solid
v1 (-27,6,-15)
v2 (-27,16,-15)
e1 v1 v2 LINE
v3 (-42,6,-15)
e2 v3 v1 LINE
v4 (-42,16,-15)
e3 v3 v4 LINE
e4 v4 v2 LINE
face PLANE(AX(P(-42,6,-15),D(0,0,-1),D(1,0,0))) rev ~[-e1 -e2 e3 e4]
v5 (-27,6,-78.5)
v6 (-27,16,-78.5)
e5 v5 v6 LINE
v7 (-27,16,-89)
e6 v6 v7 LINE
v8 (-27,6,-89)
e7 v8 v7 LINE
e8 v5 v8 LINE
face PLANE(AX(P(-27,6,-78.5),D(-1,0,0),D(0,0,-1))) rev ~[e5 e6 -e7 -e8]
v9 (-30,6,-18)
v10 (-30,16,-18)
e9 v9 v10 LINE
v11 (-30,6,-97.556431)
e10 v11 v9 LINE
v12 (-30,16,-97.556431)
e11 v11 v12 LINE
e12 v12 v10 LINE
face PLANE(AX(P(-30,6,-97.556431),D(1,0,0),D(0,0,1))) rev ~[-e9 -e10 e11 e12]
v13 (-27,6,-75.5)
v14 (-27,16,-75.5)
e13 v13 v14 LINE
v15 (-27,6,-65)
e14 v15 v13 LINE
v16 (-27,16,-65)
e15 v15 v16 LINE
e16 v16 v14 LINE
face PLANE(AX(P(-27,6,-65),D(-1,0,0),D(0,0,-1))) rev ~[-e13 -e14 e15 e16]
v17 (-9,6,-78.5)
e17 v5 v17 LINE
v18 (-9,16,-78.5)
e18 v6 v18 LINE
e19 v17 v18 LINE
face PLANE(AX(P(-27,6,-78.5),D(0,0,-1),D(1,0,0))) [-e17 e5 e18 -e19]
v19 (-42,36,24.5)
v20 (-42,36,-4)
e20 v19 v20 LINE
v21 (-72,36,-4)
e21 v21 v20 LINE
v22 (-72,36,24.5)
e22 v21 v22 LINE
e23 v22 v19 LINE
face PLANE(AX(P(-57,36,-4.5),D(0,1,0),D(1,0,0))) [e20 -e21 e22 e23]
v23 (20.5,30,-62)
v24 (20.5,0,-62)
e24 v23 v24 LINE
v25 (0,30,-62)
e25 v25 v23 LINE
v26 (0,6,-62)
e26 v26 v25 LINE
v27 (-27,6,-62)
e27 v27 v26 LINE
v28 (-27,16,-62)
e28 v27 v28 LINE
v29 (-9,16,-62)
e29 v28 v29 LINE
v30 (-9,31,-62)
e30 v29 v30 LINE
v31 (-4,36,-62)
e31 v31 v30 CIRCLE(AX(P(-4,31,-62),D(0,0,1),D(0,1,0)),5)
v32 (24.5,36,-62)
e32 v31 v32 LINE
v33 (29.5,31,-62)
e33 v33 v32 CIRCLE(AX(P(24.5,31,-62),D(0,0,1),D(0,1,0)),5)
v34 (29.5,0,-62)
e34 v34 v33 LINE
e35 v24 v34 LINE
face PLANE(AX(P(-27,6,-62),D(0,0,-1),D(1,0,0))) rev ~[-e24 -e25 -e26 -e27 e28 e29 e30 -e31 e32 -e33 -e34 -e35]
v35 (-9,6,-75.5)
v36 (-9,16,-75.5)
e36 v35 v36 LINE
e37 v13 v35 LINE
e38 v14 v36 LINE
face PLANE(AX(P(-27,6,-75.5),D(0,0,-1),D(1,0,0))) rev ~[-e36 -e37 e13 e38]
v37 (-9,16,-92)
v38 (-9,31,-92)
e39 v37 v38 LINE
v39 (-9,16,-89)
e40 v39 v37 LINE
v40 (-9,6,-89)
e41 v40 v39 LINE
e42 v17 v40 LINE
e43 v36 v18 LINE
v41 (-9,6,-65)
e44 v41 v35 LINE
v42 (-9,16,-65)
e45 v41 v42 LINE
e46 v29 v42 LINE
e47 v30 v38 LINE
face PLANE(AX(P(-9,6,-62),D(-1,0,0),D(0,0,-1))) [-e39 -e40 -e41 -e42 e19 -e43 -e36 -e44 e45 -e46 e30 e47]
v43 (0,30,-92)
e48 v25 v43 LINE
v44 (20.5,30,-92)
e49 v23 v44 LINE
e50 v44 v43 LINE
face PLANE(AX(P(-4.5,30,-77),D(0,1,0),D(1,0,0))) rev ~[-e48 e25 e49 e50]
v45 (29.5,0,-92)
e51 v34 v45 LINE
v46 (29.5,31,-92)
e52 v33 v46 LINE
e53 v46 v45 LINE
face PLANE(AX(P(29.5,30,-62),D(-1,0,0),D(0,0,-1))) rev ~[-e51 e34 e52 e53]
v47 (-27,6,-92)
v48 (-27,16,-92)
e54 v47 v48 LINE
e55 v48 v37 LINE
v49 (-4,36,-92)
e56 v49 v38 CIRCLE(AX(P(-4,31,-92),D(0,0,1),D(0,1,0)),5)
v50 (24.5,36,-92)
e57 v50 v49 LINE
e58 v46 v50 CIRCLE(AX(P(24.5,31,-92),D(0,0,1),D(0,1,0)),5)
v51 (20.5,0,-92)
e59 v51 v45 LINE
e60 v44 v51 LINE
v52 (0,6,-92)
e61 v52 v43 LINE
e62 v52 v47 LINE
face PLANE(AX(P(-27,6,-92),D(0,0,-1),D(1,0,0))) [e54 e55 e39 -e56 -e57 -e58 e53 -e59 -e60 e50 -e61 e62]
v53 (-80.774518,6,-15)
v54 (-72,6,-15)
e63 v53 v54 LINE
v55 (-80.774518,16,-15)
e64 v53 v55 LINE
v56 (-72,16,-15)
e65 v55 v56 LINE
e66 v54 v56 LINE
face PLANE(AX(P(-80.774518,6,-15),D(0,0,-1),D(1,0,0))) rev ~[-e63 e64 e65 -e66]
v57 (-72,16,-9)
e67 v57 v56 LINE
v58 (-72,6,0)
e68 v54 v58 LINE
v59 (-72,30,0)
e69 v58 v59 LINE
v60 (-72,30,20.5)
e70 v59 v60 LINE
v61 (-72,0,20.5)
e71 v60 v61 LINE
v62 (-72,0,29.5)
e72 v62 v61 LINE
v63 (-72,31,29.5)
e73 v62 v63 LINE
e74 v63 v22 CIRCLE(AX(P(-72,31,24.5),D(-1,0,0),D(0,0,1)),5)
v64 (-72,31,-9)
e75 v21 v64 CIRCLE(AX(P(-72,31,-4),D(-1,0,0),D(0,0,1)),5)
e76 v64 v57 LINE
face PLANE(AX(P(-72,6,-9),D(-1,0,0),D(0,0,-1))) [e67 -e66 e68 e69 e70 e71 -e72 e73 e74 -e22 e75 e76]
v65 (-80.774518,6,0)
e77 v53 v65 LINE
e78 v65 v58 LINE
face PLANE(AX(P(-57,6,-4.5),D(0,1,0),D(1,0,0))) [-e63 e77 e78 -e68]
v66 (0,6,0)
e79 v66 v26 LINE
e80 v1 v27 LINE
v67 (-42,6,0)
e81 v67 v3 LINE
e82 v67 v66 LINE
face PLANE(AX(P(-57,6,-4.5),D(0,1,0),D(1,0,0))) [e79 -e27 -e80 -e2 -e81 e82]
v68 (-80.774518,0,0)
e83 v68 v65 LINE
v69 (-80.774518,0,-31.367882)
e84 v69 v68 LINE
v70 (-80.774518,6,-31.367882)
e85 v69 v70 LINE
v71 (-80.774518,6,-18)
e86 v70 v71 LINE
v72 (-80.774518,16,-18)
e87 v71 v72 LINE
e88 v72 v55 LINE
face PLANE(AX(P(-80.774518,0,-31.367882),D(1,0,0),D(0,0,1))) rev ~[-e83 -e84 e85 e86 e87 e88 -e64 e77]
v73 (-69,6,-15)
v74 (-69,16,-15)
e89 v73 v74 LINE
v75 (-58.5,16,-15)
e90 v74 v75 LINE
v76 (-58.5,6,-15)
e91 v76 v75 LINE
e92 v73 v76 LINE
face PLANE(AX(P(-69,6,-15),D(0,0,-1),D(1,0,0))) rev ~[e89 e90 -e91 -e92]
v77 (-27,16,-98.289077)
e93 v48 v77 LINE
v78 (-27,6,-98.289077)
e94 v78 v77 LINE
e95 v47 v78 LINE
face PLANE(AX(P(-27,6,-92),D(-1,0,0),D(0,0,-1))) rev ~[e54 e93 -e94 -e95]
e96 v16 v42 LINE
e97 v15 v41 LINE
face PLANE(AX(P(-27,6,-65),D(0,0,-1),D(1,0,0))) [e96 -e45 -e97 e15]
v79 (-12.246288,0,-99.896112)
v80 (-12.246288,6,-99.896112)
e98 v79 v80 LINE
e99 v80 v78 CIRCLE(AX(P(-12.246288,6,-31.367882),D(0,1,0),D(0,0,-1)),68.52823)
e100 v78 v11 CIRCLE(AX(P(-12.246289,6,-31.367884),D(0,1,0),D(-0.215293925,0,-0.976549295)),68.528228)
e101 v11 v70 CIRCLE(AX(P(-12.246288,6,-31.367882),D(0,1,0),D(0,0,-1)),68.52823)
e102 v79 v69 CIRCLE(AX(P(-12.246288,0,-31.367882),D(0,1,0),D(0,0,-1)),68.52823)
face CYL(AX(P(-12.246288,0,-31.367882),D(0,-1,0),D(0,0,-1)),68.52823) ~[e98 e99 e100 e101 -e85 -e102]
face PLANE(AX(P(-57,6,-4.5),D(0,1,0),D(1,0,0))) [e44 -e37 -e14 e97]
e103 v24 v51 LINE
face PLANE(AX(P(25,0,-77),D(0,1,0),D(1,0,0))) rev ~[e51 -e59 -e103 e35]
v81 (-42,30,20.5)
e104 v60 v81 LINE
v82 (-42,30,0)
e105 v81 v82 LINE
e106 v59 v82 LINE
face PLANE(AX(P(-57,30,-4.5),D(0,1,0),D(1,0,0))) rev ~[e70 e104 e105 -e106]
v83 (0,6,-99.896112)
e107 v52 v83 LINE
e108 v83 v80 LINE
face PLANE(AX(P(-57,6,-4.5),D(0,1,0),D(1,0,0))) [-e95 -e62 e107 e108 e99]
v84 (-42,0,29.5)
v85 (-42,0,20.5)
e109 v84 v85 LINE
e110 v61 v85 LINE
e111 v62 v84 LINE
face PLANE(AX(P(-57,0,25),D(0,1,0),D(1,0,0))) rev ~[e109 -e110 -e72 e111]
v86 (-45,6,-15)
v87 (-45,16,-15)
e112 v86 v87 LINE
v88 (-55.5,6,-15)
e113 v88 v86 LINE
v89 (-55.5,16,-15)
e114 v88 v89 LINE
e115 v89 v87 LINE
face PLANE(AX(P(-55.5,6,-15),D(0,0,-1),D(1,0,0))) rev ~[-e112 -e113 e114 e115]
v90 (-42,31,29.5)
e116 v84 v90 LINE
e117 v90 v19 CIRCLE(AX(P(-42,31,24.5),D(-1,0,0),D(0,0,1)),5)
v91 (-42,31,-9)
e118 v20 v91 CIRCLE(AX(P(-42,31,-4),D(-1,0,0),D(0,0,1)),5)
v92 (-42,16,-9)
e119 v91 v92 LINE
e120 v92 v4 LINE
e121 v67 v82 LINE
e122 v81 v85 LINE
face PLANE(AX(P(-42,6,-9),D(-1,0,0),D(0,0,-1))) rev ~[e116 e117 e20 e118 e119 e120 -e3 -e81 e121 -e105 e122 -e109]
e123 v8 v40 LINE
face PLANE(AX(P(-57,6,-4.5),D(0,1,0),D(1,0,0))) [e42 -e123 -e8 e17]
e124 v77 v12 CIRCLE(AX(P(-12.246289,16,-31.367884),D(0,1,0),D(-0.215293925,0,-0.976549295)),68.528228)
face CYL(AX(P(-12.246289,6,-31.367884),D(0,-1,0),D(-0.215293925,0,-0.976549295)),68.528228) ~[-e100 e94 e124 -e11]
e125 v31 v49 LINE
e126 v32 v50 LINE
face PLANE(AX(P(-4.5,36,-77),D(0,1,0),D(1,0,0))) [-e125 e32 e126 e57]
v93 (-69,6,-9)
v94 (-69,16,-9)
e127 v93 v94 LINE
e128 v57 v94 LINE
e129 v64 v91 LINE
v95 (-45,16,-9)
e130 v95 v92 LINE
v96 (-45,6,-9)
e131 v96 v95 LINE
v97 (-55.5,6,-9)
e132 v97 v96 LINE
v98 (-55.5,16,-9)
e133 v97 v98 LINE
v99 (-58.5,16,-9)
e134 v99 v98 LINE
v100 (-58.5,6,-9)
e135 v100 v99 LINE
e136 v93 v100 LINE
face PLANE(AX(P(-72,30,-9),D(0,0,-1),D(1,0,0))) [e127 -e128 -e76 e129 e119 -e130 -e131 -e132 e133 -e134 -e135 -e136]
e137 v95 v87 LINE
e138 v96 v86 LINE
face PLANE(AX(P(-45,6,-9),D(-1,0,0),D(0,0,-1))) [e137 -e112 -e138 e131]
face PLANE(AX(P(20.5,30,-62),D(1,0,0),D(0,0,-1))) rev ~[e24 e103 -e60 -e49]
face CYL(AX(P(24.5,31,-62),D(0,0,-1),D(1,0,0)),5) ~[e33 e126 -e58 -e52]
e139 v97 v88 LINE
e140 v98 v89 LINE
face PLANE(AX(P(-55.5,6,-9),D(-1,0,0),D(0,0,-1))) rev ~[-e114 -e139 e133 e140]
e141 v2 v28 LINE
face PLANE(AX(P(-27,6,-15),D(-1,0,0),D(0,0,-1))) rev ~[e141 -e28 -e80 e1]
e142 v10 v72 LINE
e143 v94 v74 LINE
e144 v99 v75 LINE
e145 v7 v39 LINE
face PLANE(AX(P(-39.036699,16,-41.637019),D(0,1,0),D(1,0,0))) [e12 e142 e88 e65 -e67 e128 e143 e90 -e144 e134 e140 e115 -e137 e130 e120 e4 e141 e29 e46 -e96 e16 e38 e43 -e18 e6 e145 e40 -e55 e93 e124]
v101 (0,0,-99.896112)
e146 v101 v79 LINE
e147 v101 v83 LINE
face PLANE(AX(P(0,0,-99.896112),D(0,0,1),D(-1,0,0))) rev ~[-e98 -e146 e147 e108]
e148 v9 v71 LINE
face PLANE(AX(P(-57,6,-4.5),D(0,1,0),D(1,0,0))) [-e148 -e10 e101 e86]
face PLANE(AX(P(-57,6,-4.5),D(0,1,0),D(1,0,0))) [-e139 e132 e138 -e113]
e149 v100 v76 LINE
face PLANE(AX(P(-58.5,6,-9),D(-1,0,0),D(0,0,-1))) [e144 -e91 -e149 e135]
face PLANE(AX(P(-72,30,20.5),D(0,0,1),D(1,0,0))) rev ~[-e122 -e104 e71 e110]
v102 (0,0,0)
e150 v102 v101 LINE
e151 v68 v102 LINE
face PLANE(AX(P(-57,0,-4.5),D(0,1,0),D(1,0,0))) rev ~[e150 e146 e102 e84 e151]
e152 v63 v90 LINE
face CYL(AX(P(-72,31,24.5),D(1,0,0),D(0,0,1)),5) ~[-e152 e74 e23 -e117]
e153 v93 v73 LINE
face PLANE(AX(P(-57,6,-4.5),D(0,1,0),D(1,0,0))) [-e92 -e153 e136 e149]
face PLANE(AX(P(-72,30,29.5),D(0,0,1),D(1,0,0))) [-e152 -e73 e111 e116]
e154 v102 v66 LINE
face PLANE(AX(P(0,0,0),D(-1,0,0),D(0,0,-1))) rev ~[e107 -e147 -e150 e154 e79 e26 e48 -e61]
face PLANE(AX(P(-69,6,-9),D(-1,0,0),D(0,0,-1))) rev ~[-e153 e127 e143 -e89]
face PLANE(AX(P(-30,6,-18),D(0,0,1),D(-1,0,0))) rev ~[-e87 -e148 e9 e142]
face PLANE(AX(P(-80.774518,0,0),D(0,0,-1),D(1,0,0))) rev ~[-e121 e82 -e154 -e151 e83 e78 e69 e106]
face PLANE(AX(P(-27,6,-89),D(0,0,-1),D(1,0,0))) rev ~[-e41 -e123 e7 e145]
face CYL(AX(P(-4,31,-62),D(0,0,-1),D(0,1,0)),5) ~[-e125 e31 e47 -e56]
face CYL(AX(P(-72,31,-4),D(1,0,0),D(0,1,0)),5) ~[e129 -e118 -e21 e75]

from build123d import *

# Parameters (mm, degrees)
SKETCH1_W           = 30
SKETCH1_H           = 9
SKETCH1_W_2         = 9
SKETCH1_H_2         = 30
BOSS_EXTRUDE1_DEPTH = 6
BOSS_EXTRUDE2_START = 6
SKETCH1_3_W         = 30
SKETCH1_3_H         = 9
SKETCH1_3_W_2       = 9
SKETCH1_3_H_2       = 30
BOSS_EXTRUDE2_DEPTH = 24
BOSS_EXTRUDE3_START = 30
SKETCH1_4_W         = 30
SKETCH1_4_H         = 9
SKETCH1_4_H_2       = 20.5
SKETCH1_4_W_2       = 9
SKETCH1_4_H_3       = 30
SKETCH1_4_W_3       = 20.5
BOSS_EXTRUDE3_DEPTH = 6
BOSS_EXTRUDE4_START = 30
SKETCH1_5_W         = 30
SKETCH1_5_H         = 9
SKETCH1_5_W_2       = 9
SKETCH1_5_H_2       = 30
BOSS_EXTRUDE4_DEPTH = 30
SKETCH2_W           = 3
SKETCH2_H           = 6
SKETCH2_W_2         = 18
SKETCH2_H_2         = 3
BOSS_EXTRUDE5_DEPTH = 10
FILLET1_R           = 5


with BuildPart() as part:
    # Sketch1 → Boss-Extrude1 (new body)
    with BuildSketch(Plane(origin=(0, 0, 0), x_dir=(1, 0, 0), z_dir=(0, 1, 0))):
        with Locations((-57, 4.5)):
            Rectangle(SKETCH1_W, SKETCH1_H)
        with Locations((-4.5, 77)):
            Rectangle(SKETCH1_W_2, SKETCH1_H_2)
        with BuildLine():
            Line((0, 99.896112213), (-12.24628833, 99.896112213))
            ThreePointArc((-12.24628833, 99.896112213), (-60.703064532, 79.824658322), (-80.774518424, 31.36788212))
            Line((-80.774518424, 31.36788212), (-80.774518424, 0))
            Line((-80.774518424, 0), (-72, 0))
            Line((-72, 0), (-72, 9))
            Line((-72, 9), (-42, 9))
            Line((-42, 9), (-42, 0))
            Line((-42, 0), (0, 0))
            Line((0, 0), (0, 62))
            Line((0, 62), (-9, 62))
            Line((-9, 62), (-9, 92))
            Line((-9, 92), (0, 92))
            Line((0, 92), (0, 99.896112213))
        make_face()
    extrude(amount=BOSS_EXTRUDE1_DEPTH)

    # Sketch1<3> → Boss-Extrude2 (add)
    with BuildSketch(Plane(origin=(0, 0, 0), x_dir=(1, 0, 0), z_dir=(0, 1, 0)).offset(BOSS_EXTRUDE2_START)):
        with Locations((-57, 4.5)):
            Rectangle(SKETCH1_3_W, SKETCH1_3_H)
        with Locations((-4.5, 77)):
            Rectangle(SKETCH1_3_W_2, SKETCH1_3_H_2)
    extrude(amount=BOSS_EXTRUDE2_DEPTH)

    # Sketch1<4> → Boss-Extrude3 (add)
    with BuildSketch(Plane(origin=(0, 0, 0), x_dir=(1, 0, 0), z_dir=(0, 1, 0)).offset(BOSS_EXTRUDE3_START)):
        with Locations((-57, 4.5)):
            Rectangle(SKETCH1_4_W, SKETCH1_4_H)
        with Locations((-57, -10.25)):
            Rectangle(SKETCH1_4_W, SKETCH1_4_H_2)
        with Locations((-57, -25)):
            Rectangle(SKETCH1_4_W, SKETCH1_4_H)
        with Locations((-4.5, 77)):
            Rectangle(SKETCH1_4_W_2, SKETCH1_4_H_3)
        with Locations((10.25, 77)):
            Rectangle(SKETCH1_4_W_3, SKETCH1_4_H_3)
        with Locations((25, 77)):
            Rectangle(SKETCH1_4_W_2, SKETCH1_4_H_3)
    extrude(amount=BOSS_EXTRUDE3_DEPTH)

    # Sketch1<5> → Boss-Extrude4 (add)
    with BuildSketch(Plane(origin=(0, 0, 0), x_dir=(1, 0, 0), z_dir=(0, 1, 0)).offset(BOSS_EXTRUDE4_START)):
        with Locations((-57, -25)):
            Rectangle(SKETCH1_5_W, SKETCH1_5_H)
        with Locations((25, 77)):
            Rectangle(SKETCH1_5_W_2, SKETCH1_5_H_2)
    extrude(amount=-BOSS_EXTRUDE4_DEPTH)

    # Sketch2 → Boss-Extrude5 (add)
    with BuildSketch(Plane(origin=(0, 6, 0), x_dir=(1, 0, 0), z_dir=(0, 1, 0))):
        with BuildLine():
            Line((-27, 89), (-27, 92))
            Line((-27, 92), (-27, 98.289076907))
            ThreePointArc((-27, 98.289076907), (-28.50412753, 97.9396553), (-30, 97.556431293))
            Line((-30, 97.556431293), (-30, 18))
            Line((-30, 18), (-80.774518424, 18))
            Line((-80.774518424, 18), (-80.774518424, 15))
            Line((-80.774518424, 15), (-72, 15))
            Line((-72, 15), (-69, 15))
            Line((-69, 15), (-58.5, 15))
            Line((-58.5, 15), (-55.5, 15))
            Line((-55.5, 15), (-45, 15))
            Line((-45, 15), (-42, 15))
            Line((-42, 15), (-27, 15))
            Line((-27, 15), (-27, 62))
            Line((-27, 62), (-27, 65))
            Line((-27, 65), (-27, 75.5))
            Line((-27, 75.5), (-27, 78.5))
            Line((-27, 78.5), (-27, 89))
        make_face()
        with Locations((-57, 12)):
            Rectangle(SKETCH2_W, SKETCH2_H)
        with Locations((-18, 77)):
            Rectangle(SKETCH2_W_2, SKETCH2_H_2)
        with Locations((-70.5, 12)):
            Rectangle(SKETCH2_W, SKETCH2_H)
        with Locations((-43.5, 12)):
            Rectangle(SKETCH2_W, SKETCH2_H)
        with Locations((-18, 63.5)):
            Rectangle(SKETCH2_W_2, SKETCH2_H_2)
        with Locations((-18, 90.5)):
            Rectangle(SKETCH2_W_2, SKETCH2_H_2)
    extrude(amount=BOSS_EXTRUDE5_DEPTH)

    # Fillet1
    fillet1_edges = [part.edges().sort_by_distance(p)[0] for p in [
        (-57, 36, -9),
        (-57, 36, 29.5),
        (29.5, 36, -77),
        (-9, 36, -77),
    ]]
    fillet(fillet1_edges, radius=FILLET1_R)


solid = part.part
